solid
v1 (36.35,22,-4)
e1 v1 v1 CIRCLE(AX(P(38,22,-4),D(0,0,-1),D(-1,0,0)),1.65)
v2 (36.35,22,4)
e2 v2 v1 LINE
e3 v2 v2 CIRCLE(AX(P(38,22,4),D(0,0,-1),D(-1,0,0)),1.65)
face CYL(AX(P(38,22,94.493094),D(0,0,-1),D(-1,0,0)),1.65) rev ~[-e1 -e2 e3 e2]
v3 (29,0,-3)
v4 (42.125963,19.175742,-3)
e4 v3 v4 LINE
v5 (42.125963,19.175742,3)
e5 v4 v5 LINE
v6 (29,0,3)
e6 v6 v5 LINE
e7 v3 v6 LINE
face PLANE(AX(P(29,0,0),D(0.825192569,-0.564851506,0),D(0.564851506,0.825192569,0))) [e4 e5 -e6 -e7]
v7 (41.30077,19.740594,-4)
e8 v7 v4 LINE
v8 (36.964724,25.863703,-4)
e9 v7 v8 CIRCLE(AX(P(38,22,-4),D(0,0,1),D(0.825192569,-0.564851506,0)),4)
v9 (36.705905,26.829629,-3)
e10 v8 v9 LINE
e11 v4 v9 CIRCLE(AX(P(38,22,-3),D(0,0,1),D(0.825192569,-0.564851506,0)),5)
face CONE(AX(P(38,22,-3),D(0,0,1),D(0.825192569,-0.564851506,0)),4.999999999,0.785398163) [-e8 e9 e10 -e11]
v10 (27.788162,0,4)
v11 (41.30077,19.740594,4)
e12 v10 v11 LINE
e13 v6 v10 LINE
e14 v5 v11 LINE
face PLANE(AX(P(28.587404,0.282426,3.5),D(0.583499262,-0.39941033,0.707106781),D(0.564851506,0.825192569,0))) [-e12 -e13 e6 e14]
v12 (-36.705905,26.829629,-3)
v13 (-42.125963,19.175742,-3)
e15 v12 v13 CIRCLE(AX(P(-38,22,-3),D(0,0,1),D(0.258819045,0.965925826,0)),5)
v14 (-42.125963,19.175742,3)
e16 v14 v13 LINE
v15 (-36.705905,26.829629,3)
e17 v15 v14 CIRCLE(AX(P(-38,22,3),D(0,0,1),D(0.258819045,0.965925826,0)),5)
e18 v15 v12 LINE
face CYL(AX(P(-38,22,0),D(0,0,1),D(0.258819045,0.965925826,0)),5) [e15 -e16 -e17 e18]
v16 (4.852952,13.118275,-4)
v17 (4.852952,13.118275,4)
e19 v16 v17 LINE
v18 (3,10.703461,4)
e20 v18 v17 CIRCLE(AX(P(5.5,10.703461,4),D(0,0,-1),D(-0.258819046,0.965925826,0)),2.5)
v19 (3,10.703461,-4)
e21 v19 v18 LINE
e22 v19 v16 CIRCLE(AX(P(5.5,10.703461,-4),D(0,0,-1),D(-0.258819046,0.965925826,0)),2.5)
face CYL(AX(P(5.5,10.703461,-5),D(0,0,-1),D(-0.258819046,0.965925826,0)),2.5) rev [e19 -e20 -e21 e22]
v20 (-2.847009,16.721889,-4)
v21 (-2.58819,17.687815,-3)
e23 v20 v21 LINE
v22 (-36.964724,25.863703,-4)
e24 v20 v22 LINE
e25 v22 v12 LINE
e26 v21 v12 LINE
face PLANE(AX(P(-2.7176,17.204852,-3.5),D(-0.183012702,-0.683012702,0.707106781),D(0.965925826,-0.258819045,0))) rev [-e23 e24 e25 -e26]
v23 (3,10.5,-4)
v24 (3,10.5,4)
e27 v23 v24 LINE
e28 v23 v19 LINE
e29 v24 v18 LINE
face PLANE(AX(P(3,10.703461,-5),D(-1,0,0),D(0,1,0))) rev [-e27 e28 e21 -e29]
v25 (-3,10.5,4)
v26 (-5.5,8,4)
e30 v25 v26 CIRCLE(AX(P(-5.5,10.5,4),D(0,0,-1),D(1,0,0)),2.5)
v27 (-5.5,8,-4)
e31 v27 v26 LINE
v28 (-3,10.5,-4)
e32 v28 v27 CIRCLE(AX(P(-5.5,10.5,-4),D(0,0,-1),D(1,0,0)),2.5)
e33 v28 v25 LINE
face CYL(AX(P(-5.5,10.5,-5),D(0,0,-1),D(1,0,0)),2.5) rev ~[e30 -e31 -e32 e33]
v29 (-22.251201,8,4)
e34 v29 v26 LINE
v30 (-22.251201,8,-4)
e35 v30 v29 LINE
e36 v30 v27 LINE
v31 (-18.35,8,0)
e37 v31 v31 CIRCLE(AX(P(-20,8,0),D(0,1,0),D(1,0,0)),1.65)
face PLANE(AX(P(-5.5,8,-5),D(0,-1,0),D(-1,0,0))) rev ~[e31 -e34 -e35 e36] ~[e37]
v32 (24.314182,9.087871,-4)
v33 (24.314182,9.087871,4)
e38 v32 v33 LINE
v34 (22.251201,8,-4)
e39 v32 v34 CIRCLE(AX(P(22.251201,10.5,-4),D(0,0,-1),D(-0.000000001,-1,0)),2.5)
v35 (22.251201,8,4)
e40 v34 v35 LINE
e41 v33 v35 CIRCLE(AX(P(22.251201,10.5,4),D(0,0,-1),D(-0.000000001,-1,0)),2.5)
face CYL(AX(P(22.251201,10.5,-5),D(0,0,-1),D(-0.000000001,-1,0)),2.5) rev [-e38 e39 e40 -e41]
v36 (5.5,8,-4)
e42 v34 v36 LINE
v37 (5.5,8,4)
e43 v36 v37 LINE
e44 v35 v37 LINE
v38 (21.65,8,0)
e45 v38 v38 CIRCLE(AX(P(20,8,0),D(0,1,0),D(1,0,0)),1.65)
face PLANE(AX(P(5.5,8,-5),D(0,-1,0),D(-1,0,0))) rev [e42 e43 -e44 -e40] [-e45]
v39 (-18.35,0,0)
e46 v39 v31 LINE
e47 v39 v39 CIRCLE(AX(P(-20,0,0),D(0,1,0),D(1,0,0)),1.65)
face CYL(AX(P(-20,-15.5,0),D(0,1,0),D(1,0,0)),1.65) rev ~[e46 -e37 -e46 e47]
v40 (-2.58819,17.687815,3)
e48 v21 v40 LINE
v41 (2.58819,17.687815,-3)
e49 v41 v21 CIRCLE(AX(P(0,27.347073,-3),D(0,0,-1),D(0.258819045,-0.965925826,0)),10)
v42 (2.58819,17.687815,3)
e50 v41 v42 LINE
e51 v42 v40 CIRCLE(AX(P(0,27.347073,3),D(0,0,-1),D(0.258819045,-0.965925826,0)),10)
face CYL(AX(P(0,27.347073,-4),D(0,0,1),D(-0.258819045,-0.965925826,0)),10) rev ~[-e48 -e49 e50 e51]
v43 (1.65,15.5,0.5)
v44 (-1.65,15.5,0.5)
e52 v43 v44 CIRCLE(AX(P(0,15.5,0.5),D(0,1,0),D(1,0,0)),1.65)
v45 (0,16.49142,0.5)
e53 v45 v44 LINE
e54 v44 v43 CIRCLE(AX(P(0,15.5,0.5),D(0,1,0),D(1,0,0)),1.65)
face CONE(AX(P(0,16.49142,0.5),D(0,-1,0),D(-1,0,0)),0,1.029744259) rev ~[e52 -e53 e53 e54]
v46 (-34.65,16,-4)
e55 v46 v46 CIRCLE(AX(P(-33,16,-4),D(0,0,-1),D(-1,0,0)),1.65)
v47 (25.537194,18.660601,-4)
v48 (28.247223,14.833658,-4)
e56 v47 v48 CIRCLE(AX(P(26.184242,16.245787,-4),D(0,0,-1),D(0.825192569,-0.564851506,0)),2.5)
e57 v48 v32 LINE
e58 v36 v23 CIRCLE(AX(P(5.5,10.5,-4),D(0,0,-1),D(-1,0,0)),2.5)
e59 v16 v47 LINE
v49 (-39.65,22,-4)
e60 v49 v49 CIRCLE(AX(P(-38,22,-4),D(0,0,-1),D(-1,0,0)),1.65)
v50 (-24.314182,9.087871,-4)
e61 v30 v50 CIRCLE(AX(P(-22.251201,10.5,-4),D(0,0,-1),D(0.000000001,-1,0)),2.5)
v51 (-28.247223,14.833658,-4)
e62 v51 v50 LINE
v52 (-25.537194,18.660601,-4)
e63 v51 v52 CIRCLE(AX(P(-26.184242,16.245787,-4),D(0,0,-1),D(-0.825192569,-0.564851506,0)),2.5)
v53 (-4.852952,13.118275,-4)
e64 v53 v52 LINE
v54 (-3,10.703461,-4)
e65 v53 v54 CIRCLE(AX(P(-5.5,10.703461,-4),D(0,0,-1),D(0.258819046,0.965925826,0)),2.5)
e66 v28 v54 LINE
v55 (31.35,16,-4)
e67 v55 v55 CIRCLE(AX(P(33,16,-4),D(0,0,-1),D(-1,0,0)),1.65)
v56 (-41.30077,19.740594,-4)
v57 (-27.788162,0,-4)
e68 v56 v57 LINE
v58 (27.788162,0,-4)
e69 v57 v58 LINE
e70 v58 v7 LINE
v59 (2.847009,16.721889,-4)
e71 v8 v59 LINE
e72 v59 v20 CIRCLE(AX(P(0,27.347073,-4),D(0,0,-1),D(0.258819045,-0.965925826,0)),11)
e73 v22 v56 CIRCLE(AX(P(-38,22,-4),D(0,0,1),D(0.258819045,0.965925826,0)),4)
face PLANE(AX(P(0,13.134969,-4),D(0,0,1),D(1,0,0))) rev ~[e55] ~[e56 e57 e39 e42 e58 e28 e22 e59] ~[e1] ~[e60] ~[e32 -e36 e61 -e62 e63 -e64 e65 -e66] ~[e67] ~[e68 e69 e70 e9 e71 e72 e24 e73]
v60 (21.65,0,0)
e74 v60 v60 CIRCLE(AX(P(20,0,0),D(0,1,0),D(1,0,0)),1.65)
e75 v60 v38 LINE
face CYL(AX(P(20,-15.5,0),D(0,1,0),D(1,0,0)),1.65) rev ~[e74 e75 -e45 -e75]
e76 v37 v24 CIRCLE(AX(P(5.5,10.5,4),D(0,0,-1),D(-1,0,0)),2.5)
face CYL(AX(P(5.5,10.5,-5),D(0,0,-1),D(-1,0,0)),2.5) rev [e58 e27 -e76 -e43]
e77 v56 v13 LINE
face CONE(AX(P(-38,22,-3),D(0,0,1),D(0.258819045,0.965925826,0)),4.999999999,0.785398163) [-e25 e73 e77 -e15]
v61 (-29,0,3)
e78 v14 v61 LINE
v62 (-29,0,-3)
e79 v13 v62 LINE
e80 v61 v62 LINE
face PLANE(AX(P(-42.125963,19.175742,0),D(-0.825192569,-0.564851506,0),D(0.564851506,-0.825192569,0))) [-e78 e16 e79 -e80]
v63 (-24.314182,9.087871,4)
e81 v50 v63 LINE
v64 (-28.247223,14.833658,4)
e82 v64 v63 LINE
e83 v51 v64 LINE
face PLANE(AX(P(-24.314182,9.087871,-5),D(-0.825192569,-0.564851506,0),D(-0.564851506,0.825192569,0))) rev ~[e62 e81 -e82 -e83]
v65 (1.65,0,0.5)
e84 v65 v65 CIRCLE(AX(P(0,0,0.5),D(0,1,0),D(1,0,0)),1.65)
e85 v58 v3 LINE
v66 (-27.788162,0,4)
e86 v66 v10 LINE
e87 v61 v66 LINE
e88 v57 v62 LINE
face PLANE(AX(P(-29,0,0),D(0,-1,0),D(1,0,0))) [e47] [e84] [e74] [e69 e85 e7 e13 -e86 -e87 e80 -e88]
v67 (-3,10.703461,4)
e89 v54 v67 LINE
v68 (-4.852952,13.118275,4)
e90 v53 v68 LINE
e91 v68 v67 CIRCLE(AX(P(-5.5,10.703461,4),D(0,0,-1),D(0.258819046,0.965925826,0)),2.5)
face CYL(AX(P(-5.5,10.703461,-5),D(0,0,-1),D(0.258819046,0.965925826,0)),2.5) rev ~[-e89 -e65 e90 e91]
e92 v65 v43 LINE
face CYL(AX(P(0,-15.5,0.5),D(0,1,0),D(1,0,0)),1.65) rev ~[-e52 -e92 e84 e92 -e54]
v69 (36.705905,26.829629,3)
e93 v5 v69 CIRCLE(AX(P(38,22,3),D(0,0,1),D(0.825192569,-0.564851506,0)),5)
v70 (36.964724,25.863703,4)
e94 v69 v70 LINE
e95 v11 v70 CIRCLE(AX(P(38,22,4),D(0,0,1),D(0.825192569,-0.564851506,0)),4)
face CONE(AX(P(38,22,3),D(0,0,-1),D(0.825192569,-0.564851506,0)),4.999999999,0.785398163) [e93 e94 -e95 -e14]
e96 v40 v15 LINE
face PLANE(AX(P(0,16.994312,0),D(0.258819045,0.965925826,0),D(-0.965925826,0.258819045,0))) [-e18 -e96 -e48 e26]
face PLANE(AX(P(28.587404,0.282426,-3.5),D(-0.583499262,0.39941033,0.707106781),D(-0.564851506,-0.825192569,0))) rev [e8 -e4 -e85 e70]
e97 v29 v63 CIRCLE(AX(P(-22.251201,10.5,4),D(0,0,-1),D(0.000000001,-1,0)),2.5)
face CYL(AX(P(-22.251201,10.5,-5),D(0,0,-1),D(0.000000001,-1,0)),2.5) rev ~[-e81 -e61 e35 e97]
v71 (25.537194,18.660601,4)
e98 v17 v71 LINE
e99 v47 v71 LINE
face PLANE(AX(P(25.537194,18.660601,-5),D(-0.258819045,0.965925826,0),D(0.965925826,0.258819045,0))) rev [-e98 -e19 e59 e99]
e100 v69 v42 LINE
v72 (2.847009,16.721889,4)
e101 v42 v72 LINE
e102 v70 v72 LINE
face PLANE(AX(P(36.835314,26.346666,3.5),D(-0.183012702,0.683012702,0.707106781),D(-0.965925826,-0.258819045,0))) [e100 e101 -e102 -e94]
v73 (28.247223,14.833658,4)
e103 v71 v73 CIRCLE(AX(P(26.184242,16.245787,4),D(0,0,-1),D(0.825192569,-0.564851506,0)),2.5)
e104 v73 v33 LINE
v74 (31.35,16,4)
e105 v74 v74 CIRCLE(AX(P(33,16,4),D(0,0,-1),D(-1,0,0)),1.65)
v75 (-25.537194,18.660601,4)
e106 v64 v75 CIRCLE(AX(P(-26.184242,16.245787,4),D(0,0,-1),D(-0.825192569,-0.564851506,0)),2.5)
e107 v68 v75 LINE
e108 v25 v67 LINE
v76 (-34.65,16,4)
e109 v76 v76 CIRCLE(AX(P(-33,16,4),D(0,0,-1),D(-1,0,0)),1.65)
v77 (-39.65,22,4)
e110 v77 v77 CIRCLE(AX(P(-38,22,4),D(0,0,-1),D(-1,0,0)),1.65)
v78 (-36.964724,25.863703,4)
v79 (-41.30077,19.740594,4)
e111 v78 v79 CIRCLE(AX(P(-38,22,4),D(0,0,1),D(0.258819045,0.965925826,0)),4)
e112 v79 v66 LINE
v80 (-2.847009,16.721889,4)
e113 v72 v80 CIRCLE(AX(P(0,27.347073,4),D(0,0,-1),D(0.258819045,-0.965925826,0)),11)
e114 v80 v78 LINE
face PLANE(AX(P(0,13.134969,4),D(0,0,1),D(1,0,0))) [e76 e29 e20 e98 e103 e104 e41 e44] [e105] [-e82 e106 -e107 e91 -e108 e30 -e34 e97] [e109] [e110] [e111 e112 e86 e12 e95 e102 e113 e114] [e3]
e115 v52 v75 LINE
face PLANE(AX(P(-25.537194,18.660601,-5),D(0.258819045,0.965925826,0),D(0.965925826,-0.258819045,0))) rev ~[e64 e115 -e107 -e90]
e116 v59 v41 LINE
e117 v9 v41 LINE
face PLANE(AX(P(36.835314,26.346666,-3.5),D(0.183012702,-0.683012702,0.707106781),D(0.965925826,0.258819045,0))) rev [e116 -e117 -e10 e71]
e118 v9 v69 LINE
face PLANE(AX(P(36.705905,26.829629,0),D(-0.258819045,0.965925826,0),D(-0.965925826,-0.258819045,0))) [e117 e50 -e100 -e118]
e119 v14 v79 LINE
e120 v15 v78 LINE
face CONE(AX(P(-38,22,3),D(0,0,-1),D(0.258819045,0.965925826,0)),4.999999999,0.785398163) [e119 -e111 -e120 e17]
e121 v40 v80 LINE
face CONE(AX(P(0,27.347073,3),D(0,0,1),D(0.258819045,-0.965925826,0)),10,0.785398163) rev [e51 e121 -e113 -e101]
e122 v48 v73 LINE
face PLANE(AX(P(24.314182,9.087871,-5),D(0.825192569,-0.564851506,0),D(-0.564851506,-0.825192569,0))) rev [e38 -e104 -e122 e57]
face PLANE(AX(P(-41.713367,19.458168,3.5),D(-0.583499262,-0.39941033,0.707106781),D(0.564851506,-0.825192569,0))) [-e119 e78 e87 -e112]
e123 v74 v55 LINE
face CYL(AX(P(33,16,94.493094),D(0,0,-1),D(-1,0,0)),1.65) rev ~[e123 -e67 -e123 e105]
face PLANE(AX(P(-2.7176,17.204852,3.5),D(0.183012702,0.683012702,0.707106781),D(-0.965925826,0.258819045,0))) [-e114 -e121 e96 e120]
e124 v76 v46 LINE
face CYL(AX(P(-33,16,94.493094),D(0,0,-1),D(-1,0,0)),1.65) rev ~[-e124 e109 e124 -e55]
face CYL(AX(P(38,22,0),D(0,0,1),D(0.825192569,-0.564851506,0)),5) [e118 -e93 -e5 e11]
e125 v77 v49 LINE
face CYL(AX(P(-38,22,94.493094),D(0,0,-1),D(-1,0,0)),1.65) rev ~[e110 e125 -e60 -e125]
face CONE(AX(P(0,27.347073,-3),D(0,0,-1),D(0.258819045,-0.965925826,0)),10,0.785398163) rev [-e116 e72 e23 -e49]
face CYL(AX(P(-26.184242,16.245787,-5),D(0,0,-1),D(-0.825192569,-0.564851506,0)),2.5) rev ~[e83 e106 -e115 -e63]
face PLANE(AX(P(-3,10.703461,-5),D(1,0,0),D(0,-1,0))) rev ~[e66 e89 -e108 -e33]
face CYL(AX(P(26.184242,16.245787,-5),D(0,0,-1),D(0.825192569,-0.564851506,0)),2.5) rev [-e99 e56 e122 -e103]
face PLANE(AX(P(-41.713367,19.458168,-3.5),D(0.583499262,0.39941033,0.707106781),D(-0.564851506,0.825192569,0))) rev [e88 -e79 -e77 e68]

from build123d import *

# Parameters (mm, degrees)
BOSS_EXTRU_1_DEPTH      = 4
TROU_TARAUD_M42_D       = 3.3
TROU_TARAUD_M43_D       = 3.3
TROU_TARAUD_M43_DEPTH   = 15.5
TROU_TARAUD_M43_TIP     = 0.991420021
CONG_1_R                = 10
ENL_V_START             = -9
ENL_V_MAT_EXTRU_1_DEPTH = 10
CHANFREIN1_SIZE         = 1


with BuildPart() as part:
    # Esquisse1 → Boss.-Extru.1 (new body, symmetric)
    with BuildSketch(Plane.XY):
        with BuildLine():
            Line((-29, 0), (29, 0))
            Line((29, 0), (42.125962847, 19.175742472))
            ThreePointArc((42.125962847, 19.175742472), (42.080485732, 24.889573705), (36.705904774, 26.829629131))
            Line((36.705904774, 26.829629131), (0, 16.99431159))
            Line((0, 16.99431159), (-36.705904774, 26.829629131))
            ThreePointArc((-36.705904774, 26.829629131), (-42.080485732, 24.889573705), (-42.125962847, 19.175742472))
            Line((-42.125962847, 19.175742472), (-29, 0))
        make_face()
    extrude(amount=BOSS_EXTRU_1_DEPTH, both=True)

    # Trou taraudé M42 (through all)
    with Locations(Plane.XY.offset(4)):
        with Locations((-38, 22), (38, 22), (-33, 16), (33, 16)):
            Hole(TROU_TARAUD_M42_D / 2)

    # Trou taraudé M43
    with Locations(Plane(origin=(0, 0, 0), x_dir=(-1, 0, 0), z_dir=(0, -1, 0))):
        with Locations((20, 0), (-20, 0), (0, -0.5)):
            Hole(TROU_TARAUD_M43_D / 2, depth=TROU_TARAUD_M43_DEPTH)
            with Locations((0, 0, -(TROU_TARAUD_M43_DEPTH + TROU_TARAUD_M43_TIP / 2))):  # 118° drill point
                Cone(0, TROU_TARAUD_M43_D / 2, TROU_TARAUD_M43_TIP, mode=Mode.SUBTRACT)

    # Congé1
    cong_1_edges = [part.edges().sort_by_distance(p)[0] for p in [
        (0, 16.99431159, 0),
    ]]
    fillet(cong_1_edges, radius=CONG_1_R)

    # Esquisse8 → Enlèv. mat.-Extru.1 (cut)
    with BuildSketch(Plane.XY.offset(4).offset(ENL_V_START)):
        with BuildLine():
            Line((-3, 10.703460795), (-3, 10.5))
            ThreePointArc((-3, 10.5), (-3.732233047, 8.732233047), (-5.5, 8))
            Line((-5.5, 8), (-22.251200511, 8))
            ThreePointArc((-22.251200511, 8), (-23.417321879, 8.288629168), (-24.314181934, 9.087871236))
            Line((-24.314181934, 9.087871236), (-28.247222943, 14.833657842))
            ThreePointArc((-28.247222943, 14.833657842), (-28.224484386, 17.690573459), (-25.537193907, 18.660601172))
            Line((-25.537193907, 18.660601172), (-4.852952387, 13.118275361))
            ThreePointArc((-4.852952387, 13.118275361), (-3.516616649, 12.225364367), (-3, 10.703460795))
        make_face()
    enl_v_mat_extru_1 = extrude(amount=ENL_V_MAT_EXTRU_1_DEPTH, mode=Mode.SUBTRACT)

    # Symétrie1: Enlèv. mat.-Extru.1 across plane
    add(enl_v_mat_extru_1.mirror(Plane(origin=(0, 0, 0), x_dir=(0, 0, 1), z_dir=(1, 0, 0))), mode=Mode.SUBTRACT)

    # Chanfrein1
    chanfrein1_edges = [part.edges().sort_by_distance(p)[0] for p in [
        (-35.562981423, 9.587871236, -4),
        (-42.080485732, 24.889573705, 4),
        (-42.080485732, 24.889573705, -4),
        (-19.647047613, 22.258722131, -4),
        (-35.562981423, 9.587871236, 4),
        (35.562981423, 9.587871236, 4),
        (42.080485732, 24.889573705, 4),
        (-19.647047613, 22.258722131, 4),
        (19.647047613, 22.258722131, -4),
        (19.647047613, 22.258722131, 4),
        (0, 17.347073394, -4),
        (0, 17.347073394, 4),
        (42.080485732, 24.889573705, -4),
        (35.562981423, 9.587871236, -4),
    ]]
    chamfer(chanfrein1_edges, length=CHANFREIN1_SIZE)


solid = part.part
